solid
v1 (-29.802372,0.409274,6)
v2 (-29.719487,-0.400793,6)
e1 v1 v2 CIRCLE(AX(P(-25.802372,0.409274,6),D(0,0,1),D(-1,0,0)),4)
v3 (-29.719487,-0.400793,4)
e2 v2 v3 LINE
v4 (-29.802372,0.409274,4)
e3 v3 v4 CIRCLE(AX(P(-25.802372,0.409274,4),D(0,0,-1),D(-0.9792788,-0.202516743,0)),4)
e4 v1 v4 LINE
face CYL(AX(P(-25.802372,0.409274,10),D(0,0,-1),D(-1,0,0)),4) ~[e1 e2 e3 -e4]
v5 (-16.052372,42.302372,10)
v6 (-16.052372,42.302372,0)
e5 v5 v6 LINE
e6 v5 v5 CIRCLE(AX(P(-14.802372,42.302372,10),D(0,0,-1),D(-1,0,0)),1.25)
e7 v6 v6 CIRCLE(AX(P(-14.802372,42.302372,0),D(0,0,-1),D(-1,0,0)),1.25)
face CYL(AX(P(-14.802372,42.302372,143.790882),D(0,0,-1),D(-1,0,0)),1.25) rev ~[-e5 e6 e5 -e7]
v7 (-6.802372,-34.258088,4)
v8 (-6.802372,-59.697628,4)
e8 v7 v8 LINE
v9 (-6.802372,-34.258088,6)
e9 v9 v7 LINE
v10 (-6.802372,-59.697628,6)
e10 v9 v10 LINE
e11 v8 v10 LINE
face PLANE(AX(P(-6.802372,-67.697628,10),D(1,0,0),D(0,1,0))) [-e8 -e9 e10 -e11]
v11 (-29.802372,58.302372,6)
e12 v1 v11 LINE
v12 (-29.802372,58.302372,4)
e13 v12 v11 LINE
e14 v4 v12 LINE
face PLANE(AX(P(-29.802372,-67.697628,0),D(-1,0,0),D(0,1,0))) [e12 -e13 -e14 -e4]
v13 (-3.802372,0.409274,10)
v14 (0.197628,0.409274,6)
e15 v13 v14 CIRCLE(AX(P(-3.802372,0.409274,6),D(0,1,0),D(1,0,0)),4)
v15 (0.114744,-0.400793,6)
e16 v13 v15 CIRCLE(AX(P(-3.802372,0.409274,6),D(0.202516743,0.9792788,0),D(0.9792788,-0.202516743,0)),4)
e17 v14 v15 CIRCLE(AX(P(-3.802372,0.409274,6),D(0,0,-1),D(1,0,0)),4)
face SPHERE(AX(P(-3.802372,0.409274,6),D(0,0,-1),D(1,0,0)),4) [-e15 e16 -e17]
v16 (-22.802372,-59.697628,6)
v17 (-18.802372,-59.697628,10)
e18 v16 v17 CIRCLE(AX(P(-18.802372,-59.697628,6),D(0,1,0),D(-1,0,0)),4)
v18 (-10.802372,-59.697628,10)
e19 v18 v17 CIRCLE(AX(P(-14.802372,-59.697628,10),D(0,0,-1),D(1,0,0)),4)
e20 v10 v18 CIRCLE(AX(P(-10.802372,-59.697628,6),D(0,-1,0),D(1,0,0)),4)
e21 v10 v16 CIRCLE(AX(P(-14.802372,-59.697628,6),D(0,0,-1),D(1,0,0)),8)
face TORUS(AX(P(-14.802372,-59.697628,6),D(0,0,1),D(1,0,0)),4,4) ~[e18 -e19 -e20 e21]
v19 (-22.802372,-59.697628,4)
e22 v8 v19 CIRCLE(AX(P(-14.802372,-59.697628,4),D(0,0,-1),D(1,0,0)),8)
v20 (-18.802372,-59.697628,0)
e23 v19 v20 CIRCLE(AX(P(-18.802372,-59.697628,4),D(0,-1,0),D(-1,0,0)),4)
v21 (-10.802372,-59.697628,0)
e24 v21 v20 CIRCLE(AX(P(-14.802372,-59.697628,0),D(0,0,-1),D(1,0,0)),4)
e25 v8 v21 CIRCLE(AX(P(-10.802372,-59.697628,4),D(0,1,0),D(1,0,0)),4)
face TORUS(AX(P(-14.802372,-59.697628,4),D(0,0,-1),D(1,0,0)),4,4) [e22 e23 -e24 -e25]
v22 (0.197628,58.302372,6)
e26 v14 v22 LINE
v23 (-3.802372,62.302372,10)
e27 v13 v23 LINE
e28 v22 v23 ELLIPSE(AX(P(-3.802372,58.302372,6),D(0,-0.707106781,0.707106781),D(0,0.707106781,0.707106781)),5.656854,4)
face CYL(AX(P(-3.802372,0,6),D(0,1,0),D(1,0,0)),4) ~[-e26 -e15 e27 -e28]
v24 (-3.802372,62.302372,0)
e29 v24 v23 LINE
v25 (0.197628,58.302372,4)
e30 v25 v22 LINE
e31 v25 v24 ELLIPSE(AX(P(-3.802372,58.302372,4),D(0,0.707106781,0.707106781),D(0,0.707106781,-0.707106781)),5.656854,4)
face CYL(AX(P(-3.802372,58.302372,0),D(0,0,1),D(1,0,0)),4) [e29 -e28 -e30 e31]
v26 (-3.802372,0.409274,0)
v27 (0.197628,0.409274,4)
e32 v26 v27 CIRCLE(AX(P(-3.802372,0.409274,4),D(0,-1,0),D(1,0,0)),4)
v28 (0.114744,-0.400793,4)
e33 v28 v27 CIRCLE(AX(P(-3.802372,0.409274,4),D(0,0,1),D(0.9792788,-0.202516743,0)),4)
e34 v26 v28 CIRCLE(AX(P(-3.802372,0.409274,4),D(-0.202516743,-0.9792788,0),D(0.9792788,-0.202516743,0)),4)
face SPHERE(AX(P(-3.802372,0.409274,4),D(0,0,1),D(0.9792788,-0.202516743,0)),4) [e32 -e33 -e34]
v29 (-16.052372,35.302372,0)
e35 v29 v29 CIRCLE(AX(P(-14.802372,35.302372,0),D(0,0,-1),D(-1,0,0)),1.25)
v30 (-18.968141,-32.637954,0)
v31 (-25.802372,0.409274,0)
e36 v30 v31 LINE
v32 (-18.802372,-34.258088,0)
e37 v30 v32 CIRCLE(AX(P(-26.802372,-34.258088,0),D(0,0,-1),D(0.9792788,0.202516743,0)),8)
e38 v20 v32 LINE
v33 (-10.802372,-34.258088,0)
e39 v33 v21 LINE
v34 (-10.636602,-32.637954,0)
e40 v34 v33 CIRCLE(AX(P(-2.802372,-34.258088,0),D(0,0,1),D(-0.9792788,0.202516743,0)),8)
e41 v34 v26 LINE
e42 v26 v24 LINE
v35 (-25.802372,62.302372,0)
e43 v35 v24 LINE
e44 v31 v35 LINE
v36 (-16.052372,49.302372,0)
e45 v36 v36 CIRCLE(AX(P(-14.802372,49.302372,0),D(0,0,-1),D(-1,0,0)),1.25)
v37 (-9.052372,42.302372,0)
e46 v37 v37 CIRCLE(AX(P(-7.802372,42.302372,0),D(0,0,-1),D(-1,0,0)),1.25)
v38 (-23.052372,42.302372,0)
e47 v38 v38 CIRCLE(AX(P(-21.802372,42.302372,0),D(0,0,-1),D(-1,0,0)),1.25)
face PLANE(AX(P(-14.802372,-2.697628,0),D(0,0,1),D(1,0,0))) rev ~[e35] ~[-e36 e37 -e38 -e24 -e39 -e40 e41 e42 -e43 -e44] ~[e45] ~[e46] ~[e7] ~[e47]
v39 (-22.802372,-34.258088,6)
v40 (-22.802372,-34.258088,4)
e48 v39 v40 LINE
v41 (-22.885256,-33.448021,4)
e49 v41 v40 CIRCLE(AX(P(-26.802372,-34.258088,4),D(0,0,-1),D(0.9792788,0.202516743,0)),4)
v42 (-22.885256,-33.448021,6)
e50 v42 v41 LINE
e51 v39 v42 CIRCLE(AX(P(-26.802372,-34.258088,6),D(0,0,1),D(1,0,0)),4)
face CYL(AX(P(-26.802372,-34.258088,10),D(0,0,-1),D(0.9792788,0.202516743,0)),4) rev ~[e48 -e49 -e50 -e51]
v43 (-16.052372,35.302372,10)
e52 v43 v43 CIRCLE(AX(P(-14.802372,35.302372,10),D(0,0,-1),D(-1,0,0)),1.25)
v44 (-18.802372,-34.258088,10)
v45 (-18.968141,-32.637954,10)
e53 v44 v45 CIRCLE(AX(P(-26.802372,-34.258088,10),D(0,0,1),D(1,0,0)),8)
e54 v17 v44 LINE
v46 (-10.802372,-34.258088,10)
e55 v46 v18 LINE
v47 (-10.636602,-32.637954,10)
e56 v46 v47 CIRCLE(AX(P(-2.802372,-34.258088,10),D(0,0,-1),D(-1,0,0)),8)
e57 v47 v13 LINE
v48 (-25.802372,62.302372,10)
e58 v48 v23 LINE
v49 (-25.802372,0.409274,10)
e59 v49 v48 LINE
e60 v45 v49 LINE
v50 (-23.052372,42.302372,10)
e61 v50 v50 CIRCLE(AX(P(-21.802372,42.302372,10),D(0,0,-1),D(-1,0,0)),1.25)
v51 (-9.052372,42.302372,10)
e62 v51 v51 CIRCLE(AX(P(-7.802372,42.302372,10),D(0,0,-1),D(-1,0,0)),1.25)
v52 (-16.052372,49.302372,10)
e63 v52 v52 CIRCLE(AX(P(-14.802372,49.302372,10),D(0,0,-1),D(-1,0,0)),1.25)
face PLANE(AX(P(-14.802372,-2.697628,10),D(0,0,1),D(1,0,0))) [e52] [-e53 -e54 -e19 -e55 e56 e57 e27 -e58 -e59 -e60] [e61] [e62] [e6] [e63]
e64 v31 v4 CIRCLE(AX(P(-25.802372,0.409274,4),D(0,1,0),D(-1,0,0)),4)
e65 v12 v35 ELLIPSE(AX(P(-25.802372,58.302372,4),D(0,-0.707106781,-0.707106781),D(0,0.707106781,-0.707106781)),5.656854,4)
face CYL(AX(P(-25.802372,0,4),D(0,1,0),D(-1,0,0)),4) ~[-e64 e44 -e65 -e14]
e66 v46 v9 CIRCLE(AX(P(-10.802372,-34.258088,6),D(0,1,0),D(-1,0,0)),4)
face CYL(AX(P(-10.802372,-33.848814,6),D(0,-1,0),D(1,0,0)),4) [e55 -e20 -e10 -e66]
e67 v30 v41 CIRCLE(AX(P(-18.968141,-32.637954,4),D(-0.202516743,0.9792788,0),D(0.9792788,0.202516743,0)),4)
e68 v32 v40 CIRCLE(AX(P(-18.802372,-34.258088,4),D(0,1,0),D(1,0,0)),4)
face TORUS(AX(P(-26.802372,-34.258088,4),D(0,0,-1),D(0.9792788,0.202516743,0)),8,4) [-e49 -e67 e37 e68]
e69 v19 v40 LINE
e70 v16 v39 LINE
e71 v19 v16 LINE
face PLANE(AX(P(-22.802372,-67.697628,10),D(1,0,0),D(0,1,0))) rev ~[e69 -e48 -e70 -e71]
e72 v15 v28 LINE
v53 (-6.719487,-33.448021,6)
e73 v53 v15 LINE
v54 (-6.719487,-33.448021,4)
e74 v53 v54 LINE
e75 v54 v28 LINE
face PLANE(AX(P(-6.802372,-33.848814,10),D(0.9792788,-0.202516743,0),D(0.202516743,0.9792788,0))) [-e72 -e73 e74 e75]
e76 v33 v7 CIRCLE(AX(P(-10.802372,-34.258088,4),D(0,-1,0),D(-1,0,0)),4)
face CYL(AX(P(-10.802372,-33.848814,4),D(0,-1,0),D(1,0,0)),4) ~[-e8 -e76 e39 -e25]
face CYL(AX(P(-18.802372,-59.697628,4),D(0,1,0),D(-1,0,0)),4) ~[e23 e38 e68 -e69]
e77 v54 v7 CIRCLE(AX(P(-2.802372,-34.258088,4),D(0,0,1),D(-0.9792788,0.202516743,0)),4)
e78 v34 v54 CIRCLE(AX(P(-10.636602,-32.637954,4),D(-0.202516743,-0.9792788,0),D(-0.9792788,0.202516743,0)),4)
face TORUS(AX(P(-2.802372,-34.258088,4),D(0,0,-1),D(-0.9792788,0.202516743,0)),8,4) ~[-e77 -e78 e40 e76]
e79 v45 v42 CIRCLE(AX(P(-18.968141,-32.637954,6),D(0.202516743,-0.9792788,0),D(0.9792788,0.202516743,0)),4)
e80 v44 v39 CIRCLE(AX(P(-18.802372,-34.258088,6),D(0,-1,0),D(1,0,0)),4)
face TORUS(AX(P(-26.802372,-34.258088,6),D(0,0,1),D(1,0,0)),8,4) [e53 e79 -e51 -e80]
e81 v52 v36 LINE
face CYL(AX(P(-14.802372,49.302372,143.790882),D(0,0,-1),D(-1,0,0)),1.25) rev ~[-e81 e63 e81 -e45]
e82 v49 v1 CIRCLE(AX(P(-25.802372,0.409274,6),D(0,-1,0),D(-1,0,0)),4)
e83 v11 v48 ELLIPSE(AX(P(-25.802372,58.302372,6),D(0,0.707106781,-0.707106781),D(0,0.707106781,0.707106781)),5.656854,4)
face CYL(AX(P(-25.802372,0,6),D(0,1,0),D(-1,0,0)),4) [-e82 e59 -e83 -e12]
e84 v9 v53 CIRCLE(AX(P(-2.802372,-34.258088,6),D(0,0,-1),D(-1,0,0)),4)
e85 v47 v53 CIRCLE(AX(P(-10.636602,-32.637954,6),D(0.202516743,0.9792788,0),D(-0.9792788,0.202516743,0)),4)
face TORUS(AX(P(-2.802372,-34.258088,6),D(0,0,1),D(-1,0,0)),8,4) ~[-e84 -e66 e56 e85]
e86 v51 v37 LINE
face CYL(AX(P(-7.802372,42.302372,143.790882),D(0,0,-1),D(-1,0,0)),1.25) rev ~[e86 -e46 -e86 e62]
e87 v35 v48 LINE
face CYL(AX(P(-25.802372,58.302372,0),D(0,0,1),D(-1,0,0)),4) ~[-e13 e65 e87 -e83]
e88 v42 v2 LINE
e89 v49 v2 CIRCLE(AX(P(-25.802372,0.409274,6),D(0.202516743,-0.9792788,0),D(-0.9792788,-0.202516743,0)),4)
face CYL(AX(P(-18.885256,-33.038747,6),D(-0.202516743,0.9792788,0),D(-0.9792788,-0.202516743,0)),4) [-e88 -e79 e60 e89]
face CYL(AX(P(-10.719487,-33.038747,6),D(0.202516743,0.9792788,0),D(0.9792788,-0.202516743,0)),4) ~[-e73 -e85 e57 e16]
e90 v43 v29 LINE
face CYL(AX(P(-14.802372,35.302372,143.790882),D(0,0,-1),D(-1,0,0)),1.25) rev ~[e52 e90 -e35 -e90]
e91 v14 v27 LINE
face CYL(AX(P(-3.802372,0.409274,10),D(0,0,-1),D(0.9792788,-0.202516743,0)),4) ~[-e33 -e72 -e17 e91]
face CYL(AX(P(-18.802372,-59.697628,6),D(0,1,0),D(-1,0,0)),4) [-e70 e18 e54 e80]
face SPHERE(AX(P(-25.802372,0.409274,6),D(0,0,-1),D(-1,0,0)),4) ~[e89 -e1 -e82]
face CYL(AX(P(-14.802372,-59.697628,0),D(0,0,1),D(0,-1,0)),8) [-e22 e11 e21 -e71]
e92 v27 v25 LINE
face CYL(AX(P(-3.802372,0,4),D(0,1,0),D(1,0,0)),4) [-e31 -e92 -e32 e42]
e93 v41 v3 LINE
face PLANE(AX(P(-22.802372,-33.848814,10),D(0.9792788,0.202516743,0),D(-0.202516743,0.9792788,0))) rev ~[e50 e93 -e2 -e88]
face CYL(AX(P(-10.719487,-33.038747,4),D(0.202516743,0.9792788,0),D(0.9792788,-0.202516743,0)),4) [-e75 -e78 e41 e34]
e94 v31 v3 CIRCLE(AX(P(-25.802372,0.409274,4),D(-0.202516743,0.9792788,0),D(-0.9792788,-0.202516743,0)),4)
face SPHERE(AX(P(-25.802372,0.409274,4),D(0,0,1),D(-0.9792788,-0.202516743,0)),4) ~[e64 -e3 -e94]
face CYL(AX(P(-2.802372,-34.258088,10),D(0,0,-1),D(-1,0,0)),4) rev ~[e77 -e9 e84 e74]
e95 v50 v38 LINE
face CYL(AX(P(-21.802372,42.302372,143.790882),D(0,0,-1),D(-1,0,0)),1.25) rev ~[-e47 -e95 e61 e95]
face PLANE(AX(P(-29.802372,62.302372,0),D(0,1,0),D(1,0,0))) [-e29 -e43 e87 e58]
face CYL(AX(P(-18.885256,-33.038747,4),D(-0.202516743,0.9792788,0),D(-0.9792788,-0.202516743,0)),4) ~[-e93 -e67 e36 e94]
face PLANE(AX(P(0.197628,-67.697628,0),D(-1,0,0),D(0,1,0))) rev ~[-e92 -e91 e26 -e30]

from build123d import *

# Parameters (mm, degrees)
SKETCH2_W             = 30
SKETCH2_H             = 130
BOSS_EXTRUDE1_DEPTH   = 10
M3X0_5_TAPPED_HOLE2_D = 2.5
CUT_EXTRUDE3_DEPTH    = 75.64013832
FILLET3_RADIUS        = 8
FILLET3_LENGTH        = 10
FILLET4_R             = 4
M3X0_5_TAPPED_HOLE3_D = 2.5


with BuildPart() as part:
    # Sketch2 → Boss-Extrude1 (new body)
    with BuildSketch(Plane.XY):
        with Locations((-14.802371542, -2.697628458)):
            Rectangle(SKETCH2_W, SKETCH2_H)
    extrude(amount=BOSS_EXTRUDE1_DEPTH)

    # M3x0.5 Tapped Hole2 (through all)
    with Locations(Plane.XY.offset(10)):
        with Locations((-14.802371542, 35.302371542), (-21.802371542, 42.302371542), (-14.802371542, 49.302371542), (-7.802371542, 42.302371542)):
            Hole(M3X0_5_TAPPED_HOLE2_D / 2)

    # Sketch6 → Cut-Extrude3 (cut, through all)
    with BuildSketch(Plane.XY.offset(10)):
        Polygon((-29.802371542, -67.697628458), (-22.802371542, -67.697628458), (-22.802371542, -33.848814229), (-29.802371542, 0), align=None)
        Polygon((0.197628458, -67.697628458), (-6.802371542, -67.697628458), (-6.802371542, -33.848814229), (0.197628458, 0), align=None)
    extrude(amount=-CUT_EXTRUDE3_DEPTH, mode=Mode.SUBTRACT)

    # Fillet3: full round fillet: the end face becomes a half cylinder, R = half its width
    fillet3_face = Plane((-14.802371542, -67.697628458, 5), x_dir=(0, 0, 1), z_dir=(0, -1, 0))  # on the end face: x along it, z out of the body
    fillet3_slab = fillet3_face.offset(-FILLET3_RADIUS / 2) * Box(FILLET3_LENGTH, 2 * FILLET3_RADIUS, FILLET3_RADIUS, mode=Mode.PRIVATE)  # the body's end, R deep
    fillet3_round = Plane((-14.802371542, -59.697628458, 5), x_dir=(0, -1, 0), z_dir=(0, 0, 1)) * Cylinder(FILLET3_RADIUS, FILLET3_LENGTH, mode=Mode.PRIVATE)  # its axis R under the face
    add(fillet3_slab - fillet3_round, mode=Mode.SUBTRACT)

    # Fillet4
    fillet4_edges = [part.edges().sort_by_distance(p)[0] for p in [
        (0.197628458, 31.151185771, 0),
        (0.197628458, 31.151185771, 10),
        (-3.302371542, -16.924407115, 10),
        (-6.802371542, -33.848814229, 5),
        (0.197628458, 0, 5),
        (-3.302371542, -16.924407115, 0),
        (-29.802371542, 31.151185771, 10),
        (-26.302371542, -16.924407115, 10),
        (-29.802371542, 0, 5),
        (-22.802371542, -33.848814229, 5),
        (-26.302371542, -16.924407115, 0),
        (-29.802371542, 31.151185771, 0),
        (-22.802371542, -46.773221344, 10),
        (-22.802371542, -46.773221344, 0),
        (-6.802371542, -46.773221344, 10),
        (-6.802371542, -46.773221344, 0),
        (-14.802371542, -67.697628458, 0),
        (-14.802371542, -67.697628458, 10),
        (-29.802371542, 62.302371542, 5),
        (0.197628458, 62.302371542, 5),
    ]]
    fillet(fillet4_edges, radius=FILLET4_R)

    # M3x0.5 Tapped Hole3 (through all)
    with Locations(Plane.XY.offset(10)):
        with Locations((-14.802371542, 42.302371542)):
            Hole(M3X0_5_TAPPED_HOLE3_D / 2)


solid = part.part
